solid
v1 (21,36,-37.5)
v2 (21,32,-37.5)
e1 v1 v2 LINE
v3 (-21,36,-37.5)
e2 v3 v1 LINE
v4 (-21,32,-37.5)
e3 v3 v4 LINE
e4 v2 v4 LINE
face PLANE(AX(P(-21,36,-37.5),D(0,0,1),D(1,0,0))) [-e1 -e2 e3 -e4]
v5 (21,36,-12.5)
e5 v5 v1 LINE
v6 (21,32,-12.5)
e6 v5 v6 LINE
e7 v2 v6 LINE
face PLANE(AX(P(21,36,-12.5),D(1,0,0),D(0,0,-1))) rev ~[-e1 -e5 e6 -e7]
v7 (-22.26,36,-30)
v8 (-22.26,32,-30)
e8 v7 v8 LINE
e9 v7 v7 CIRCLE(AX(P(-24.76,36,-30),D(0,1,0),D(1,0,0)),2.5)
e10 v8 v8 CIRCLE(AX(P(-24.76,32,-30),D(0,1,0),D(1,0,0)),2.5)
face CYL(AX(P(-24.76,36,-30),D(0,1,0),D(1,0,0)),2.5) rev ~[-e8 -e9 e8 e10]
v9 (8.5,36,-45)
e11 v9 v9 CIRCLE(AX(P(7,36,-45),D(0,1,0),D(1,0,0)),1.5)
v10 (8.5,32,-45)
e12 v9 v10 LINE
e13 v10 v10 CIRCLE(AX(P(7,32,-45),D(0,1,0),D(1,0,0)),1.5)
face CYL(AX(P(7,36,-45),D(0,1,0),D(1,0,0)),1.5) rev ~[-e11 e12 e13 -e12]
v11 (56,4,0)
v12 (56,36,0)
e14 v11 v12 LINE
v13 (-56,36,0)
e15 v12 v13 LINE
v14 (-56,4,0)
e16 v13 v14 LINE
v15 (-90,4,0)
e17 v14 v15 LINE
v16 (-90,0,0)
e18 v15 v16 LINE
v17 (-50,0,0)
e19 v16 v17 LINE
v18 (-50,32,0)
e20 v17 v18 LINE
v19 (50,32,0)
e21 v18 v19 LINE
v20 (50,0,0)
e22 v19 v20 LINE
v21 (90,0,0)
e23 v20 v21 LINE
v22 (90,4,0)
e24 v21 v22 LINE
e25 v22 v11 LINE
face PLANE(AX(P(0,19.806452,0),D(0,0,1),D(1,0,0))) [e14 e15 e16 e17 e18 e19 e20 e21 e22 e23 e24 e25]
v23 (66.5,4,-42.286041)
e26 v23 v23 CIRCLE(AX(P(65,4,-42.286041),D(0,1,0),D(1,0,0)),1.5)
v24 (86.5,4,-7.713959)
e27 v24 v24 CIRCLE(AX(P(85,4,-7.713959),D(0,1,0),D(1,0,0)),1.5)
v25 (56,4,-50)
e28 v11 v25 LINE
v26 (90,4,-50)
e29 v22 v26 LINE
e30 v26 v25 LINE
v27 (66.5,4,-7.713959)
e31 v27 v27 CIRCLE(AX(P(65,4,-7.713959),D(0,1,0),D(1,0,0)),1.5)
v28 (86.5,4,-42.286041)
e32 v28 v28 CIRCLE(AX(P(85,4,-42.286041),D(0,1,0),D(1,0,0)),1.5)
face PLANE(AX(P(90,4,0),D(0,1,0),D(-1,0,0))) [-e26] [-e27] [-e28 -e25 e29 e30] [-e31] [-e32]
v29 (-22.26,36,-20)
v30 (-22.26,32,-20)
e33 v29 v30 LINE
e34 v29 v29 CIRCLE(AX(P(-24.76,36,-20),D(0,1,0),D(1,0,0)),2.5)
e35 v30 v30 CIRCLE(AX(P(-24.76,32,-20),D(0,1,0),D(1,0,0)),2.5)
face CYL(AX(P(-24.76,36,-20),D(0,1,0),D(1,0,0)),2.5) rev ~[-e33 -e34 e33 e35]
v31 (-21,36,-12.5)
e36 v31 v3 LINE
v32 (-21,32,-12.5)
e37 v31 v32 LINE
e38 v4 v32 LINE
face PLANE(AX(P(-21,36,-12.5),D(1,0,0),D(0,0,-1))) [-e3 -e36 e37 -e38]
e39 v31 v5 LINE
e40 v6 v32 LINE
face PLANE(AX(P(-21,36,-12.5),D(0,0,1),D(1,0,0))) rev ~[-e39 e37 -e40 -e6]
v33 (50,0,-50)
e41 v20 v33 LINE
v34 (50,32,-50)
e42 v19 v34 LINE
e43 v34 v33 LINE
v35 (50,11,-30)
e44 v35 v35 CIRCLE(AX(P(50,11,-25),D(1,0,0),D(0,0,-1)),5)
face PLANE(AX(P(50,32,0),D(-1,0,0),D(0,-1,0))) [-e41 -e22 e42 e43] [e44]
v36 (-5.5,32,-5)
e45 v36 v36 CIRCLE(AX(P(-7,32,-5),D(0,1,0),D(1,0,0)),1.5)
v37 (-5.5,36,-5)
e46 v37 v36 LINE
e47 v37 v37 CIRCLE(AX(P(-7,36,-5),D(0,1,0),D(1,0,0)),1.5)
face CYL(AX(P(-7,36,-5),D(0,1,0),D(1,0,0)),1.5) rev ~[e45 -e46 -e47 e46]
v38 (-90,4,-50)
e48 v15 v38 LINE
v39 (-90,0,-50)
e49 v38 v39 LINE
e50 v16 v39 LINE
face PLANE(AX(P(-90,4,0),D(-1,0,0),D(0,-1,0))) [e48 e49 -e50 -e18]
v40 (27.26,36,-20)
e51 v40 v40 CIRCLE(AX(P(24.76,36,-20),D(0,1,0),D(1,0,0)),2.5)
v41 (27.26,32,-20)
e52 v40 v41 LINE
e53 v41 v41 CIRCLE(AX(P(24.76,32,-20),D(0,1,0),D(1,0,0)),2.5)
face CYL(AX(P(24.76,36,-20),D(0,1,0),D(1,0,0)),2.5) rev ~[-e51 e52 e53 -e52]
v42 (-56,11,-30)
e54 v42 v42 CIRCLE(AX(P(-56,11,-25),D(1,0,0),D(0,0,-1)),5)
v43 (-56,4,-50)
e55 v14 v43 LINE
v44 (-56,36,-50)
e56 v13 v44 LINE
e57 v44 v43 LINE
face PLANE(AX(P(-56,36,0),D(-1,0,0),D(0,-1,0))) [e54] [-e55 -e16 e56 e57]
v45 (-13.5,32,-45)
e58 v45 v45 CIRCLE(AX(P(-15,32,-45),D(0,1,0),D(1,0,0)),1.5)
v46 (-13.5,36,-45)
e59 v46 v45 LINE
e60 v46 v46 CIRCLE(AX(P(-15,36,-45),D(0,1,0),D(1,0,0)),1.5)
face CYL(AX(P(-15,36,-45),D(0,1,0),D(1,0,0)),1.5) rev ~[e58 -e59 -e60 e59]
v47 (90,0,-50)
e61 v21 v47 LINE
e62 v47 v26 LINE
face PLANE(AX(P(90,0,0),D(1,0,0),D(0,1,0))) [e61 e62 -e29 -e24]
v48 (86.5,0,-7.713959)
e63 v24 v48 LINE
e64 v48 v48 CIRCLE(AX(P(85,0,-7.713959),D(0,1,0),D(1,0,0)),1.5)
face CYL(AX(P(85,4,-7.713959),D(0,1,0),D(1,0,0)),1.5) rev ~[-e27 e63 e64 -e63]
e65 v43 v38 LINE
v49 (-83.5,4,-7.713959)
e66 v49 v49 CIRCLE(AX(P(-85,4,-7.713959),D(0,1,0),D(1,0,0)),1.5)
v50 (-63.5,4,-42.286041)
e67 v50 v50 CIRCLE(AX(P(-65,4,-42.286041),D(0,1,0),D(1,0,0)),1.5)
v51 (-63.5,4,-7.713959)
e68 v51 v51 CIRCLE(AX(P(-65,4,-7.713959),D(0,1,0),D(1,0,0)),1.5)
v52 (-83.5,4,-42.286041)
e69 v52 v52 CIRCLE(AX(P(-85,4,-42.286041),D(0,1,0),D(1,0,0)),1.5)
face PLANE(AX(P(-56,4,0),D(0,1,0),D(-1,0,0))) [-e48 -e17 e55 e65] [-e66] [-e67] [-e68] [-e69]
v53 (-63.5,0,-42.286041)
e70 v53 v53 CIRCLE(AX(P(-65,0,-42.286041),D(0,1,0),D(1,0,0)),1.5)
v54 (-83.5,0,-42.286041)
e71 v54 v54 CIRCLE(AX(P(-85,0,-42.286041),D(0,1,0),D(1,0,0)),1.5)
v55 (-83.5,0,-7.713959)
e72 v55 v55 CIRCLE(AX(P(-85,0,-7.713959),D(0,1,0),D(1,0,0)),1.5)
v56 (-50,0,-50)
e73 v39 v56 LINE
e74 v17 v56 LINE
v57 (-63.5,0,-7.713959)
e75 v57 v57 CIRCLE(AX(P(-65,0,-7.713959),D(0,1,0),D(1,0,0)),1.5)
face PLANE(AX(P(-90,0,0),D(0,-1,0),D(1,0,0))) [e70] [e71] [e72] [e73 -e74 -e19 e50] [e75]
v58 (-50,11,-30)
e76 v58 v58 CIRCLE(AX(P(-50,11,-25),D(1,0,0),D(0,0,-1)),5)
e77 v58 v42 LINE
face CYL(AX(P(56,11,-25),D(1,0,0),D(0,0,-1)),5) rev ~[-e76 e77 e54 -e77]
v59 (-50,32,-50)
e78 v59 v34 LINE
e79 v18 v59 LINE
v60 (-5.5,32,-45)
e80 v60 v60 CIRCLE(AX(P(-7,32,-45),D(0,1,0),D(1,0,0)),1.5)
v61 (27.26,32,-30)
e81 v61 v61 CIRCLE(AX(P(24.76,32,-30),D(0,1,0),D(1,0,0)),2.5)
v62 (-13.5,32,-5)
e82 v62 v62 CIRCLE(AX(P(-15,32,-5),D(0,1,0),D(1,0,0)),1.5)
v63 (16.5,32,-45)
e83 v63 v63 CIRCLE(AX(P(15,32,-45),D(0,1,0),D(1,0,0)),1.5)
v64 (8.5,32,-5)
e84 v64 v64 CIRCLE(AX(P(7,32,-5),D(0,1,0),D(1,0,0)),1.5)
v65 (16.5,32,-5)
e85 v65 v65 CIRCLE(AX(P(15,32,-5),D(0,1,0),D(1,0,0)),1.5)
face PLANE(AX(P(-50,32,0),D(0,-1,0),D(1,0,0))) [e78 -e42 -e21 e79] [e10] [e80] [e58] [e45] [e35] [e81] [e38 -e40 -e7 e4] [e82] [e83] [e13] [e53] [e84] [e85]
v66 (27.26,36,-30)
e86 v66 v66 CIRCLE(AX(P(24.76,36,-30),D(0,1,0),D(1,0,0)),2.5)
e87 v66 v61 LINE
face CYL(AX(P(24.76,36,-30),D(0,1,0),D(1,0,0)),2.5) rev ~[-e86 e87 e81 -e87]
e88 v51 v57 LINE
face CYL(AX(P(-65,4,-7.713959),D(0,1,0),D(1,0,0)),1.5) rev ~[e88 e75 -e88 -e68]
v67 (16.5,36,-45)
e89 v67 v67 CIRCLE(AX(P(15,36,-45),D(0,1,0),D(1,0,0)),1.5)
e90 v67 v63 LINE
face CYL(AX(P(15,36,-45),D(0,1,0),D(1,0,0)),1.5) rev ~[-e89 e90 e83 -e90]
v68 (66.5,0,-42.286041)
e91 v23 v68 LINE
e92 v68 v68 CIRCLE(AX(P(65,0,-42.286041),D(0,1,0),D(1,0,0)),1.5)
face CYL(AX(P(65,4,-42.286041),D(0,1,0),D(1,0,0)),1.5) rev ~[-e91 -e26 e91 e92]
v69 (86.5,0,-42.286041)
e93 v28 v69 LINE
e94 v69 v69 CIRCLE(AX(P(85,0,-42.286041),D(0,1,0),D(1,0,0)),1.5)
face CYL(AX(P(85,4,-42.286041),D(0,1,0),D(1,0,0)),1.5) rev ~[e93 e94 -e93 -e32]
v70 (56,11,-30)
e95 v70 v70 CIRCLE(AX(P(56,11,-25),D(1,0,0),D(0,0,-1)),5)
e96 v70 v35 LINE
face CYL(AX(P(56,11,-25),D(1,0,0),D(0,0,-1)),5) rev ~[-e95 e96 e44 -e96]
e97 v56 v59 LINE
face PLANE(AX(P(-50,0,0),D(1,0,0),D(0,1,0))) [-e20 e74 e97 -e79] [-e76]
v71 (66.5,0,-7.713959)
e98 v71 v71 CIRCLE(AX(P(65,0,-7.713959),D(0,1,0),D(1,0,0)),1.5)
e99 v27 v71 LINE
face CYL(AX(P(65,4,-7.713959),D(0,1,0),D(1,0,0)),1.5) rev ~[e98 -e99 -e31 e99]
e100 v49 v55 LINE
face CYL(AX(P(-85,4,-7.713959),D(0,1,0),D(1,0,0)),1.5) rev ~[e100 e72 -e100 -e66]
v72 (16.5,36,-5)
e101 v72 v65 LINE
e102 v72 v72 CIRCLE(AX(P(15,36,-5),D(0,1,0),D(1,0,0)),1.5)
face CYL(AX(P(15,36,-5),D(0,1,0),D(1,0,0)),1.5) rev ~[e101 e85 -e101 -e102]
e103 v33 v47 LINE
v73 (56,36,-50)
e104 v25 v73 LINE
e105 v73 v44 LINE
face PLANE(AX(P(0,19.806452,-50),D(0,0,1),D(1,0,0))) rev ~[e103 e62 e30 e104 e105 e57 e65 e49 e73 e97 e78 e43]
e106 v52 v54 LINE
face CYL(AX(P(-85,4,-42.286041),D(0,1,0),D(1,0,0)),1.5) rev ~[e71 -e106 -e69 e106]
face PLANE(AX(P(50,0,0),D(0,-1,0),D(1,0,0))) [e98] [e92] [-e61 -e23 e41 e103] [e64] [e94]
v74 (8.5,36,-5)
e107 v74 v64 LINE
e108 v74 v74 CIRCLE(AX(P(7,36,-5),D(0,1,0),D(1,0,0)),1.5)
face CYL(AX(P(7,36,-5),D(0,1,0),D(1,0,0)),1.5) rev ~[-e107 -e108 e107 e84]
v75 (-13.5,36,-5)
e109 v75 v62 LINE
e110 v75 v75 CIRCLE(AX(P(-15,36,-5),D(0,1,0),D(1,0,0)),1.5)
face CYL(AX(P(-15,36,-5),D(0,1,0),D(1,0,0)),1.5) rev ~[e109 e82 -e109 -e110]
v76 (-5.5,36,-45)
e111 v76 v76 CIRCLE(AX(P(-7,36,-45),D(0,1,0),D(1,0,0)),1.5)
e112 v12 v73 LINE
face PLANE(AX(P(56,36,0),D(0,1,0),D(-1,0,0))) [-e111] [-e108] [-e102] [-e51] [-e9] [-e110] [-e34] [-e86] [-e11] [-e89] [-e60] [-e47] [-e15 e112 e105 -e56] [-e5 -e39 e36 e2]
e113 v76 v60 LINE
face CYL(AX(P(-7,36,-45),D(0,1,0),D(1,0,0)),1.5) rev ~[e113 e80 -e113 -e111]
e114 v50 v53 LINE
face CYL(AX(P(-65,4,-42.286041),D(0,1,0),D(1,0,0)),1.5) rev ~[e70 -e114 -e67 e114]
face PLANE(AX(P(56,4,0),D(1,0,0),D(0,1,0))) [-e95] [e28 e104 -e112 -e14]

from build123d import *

# Parameters (mm, degrees)
EXTRUDE_1_DEPTH     = 50
SKETCH_2_W          = 42
SKETCH_2_H          = 25
CUT_EXTRUDE_1_DEPTH = 37
SKETCH_3_R          = 2.5
CUT_EXTRUDE_2_DEPTH = 37
SKETCH_4_R          = 5
CUT_EXTRUDE_3_DEPTH = 147
SKETCH_5_R          = 1.5
CUT_EXTRUDE_4_DEPTH = 5
SKETCH_6_R          = 1.5
CUT_EXTRUDE_5_DEPTH = 37


with BuildPart() as part:
    # 草图1 → 凸台-拉伸1 (new body)
    with BuildSketch(Plane.XY):
        Polygon((90, 0), (90, 4), (56, 4), (56, 36), (-56, 36), (-56, 4), (-90, 4), (-90, 0), (-50, 0), (-50, 32), (50, 32), (50, 0), align=None)
    extrude(amount=-EXTRUDE_1_DEPTH)

    # 草图2 → 切除-拉伸1 (cut, through all)
    with BuildSketch(Plane(origin=(0, 36, 0), x_dir=(1, 0, 0), z_dir=(0, 1, 0))):
        with Locations((0, 25)):
            Rectangle(SKETCH_2_W, SKETCH_2_H)
    extrude(amount=-CUT_EXTRUDE_1_DEPTH, mode=Mode.SUBTRACT)

    # 草图3 → 切除-拉伸2 (cut, through all)
    with BuildSketch(Plane(origin=(0, 36, 0), x_dir=(1, 0, 0), z_dir=(0, 1, 0))):
        with Locations((-24.76, 30)):
            Circle(SKETCH_3_R)
        with Locations((24.76, 30)):
            Circle(SKETCH_3_R)
        with Locations((24.76, 20)):
            Circle(SKETCH_3_R)
        with Locations((-24.76, 20)):
            Circle(SKETCH_3_R)
    extrude(amount=-CUT_EXTRUDE_2_DEPTH, mode=Mode.SUBTRACT)

    # 草图4 → 切除-拉伸3 (cut, through all)
    with BuildSketch(Plane(origin=(56, 0, 0), x_dir=(0, 0, -1), z_dir=(1, 0, 0))):
        with Locations((25, 11)):
            Circle(SKETCH_4_R)
    extrude(amount=-CUT_EXTRUDE_3_DEPTH, mode=Mode.SUBTRACT)

    # 草图5 → 切除-拉伸4 (cut, through all)
    with BuildSketch(Plane(origin=(0, 4, 0), x_dir=(1, 0, 0), z_dir=(0, 1, 0))):
        with Locations((-36.607969405, 54.749619062)):
            Circle(SKETCH_5_R)
        with Locations((-65, 42.286041433)):
            Circle(SKETCH_5_R)
        with Locations((-65, 7.713958567)):
            Circle(SKETCH_5_R)
        with Locations((-36.607969405, -4.749619062)):
            Circle(SKETCH_5_R)
        with Locations((36.607969405, -4.749619062)):
            Circle(SKETCH_5_R)
        with Locations((65, 7.713958567)):
            Circle(SKETCH_5_R)
        with Locations((65, 42.286041433)):
            Circle(SKETCH_5_R)
        with Locations((36.607969405, 54.749619062)):
            Circle(SKETCH_5_R)
        with Locations((85, 7.713958567)):
            Circle(SKETCH_5_R)
        with Locations((85, 42.286041433)):
            Circle(SKETCH_5_R)
        with Locations((-85, 42.286041433)):
            Circle(SKETCH_5_R)
        with Locations((-85, 7.713958567)):
            Circle(SKETCH_5_R)
    extrude(amount=-CUT_EXTRUDE_4_DEPTH, mode=Mode.SUBTRACT)

    # 草图6 → 切除-拉伸5 (cut, through all)
    with BuildSketch(Plane(origin=(0, 36, 0), x_dir=(1, 0, 0), z_dir=(0, 1, 0))):
        with Locations((-7, 45)):
            Circle(SKETCH_6_R)
        with Locations((7, 45)):
            Circle(SKETCH_6_R)
        with Locations((-15, 45)):
            Circle(SKETCH_6_R)
        with Locations((15, 45)):
            Circle(SKETCH_6_R)
        with Locations((15, 5)):
            Circle(SKETCH_6_R)
        with Locations((7, 5)):
            Circle(SKETCH_6_R)
        with Locations((-7, 5)):
            Circle(SKETCH_6_R)
        with Locations((-15, 5)):
            Circle(SKETCH_6_R)
    extrude(amount=-CUT_EXTRUDE_5_DEPTH, mode=Mode.SUBTRACT)


solid = part.part
